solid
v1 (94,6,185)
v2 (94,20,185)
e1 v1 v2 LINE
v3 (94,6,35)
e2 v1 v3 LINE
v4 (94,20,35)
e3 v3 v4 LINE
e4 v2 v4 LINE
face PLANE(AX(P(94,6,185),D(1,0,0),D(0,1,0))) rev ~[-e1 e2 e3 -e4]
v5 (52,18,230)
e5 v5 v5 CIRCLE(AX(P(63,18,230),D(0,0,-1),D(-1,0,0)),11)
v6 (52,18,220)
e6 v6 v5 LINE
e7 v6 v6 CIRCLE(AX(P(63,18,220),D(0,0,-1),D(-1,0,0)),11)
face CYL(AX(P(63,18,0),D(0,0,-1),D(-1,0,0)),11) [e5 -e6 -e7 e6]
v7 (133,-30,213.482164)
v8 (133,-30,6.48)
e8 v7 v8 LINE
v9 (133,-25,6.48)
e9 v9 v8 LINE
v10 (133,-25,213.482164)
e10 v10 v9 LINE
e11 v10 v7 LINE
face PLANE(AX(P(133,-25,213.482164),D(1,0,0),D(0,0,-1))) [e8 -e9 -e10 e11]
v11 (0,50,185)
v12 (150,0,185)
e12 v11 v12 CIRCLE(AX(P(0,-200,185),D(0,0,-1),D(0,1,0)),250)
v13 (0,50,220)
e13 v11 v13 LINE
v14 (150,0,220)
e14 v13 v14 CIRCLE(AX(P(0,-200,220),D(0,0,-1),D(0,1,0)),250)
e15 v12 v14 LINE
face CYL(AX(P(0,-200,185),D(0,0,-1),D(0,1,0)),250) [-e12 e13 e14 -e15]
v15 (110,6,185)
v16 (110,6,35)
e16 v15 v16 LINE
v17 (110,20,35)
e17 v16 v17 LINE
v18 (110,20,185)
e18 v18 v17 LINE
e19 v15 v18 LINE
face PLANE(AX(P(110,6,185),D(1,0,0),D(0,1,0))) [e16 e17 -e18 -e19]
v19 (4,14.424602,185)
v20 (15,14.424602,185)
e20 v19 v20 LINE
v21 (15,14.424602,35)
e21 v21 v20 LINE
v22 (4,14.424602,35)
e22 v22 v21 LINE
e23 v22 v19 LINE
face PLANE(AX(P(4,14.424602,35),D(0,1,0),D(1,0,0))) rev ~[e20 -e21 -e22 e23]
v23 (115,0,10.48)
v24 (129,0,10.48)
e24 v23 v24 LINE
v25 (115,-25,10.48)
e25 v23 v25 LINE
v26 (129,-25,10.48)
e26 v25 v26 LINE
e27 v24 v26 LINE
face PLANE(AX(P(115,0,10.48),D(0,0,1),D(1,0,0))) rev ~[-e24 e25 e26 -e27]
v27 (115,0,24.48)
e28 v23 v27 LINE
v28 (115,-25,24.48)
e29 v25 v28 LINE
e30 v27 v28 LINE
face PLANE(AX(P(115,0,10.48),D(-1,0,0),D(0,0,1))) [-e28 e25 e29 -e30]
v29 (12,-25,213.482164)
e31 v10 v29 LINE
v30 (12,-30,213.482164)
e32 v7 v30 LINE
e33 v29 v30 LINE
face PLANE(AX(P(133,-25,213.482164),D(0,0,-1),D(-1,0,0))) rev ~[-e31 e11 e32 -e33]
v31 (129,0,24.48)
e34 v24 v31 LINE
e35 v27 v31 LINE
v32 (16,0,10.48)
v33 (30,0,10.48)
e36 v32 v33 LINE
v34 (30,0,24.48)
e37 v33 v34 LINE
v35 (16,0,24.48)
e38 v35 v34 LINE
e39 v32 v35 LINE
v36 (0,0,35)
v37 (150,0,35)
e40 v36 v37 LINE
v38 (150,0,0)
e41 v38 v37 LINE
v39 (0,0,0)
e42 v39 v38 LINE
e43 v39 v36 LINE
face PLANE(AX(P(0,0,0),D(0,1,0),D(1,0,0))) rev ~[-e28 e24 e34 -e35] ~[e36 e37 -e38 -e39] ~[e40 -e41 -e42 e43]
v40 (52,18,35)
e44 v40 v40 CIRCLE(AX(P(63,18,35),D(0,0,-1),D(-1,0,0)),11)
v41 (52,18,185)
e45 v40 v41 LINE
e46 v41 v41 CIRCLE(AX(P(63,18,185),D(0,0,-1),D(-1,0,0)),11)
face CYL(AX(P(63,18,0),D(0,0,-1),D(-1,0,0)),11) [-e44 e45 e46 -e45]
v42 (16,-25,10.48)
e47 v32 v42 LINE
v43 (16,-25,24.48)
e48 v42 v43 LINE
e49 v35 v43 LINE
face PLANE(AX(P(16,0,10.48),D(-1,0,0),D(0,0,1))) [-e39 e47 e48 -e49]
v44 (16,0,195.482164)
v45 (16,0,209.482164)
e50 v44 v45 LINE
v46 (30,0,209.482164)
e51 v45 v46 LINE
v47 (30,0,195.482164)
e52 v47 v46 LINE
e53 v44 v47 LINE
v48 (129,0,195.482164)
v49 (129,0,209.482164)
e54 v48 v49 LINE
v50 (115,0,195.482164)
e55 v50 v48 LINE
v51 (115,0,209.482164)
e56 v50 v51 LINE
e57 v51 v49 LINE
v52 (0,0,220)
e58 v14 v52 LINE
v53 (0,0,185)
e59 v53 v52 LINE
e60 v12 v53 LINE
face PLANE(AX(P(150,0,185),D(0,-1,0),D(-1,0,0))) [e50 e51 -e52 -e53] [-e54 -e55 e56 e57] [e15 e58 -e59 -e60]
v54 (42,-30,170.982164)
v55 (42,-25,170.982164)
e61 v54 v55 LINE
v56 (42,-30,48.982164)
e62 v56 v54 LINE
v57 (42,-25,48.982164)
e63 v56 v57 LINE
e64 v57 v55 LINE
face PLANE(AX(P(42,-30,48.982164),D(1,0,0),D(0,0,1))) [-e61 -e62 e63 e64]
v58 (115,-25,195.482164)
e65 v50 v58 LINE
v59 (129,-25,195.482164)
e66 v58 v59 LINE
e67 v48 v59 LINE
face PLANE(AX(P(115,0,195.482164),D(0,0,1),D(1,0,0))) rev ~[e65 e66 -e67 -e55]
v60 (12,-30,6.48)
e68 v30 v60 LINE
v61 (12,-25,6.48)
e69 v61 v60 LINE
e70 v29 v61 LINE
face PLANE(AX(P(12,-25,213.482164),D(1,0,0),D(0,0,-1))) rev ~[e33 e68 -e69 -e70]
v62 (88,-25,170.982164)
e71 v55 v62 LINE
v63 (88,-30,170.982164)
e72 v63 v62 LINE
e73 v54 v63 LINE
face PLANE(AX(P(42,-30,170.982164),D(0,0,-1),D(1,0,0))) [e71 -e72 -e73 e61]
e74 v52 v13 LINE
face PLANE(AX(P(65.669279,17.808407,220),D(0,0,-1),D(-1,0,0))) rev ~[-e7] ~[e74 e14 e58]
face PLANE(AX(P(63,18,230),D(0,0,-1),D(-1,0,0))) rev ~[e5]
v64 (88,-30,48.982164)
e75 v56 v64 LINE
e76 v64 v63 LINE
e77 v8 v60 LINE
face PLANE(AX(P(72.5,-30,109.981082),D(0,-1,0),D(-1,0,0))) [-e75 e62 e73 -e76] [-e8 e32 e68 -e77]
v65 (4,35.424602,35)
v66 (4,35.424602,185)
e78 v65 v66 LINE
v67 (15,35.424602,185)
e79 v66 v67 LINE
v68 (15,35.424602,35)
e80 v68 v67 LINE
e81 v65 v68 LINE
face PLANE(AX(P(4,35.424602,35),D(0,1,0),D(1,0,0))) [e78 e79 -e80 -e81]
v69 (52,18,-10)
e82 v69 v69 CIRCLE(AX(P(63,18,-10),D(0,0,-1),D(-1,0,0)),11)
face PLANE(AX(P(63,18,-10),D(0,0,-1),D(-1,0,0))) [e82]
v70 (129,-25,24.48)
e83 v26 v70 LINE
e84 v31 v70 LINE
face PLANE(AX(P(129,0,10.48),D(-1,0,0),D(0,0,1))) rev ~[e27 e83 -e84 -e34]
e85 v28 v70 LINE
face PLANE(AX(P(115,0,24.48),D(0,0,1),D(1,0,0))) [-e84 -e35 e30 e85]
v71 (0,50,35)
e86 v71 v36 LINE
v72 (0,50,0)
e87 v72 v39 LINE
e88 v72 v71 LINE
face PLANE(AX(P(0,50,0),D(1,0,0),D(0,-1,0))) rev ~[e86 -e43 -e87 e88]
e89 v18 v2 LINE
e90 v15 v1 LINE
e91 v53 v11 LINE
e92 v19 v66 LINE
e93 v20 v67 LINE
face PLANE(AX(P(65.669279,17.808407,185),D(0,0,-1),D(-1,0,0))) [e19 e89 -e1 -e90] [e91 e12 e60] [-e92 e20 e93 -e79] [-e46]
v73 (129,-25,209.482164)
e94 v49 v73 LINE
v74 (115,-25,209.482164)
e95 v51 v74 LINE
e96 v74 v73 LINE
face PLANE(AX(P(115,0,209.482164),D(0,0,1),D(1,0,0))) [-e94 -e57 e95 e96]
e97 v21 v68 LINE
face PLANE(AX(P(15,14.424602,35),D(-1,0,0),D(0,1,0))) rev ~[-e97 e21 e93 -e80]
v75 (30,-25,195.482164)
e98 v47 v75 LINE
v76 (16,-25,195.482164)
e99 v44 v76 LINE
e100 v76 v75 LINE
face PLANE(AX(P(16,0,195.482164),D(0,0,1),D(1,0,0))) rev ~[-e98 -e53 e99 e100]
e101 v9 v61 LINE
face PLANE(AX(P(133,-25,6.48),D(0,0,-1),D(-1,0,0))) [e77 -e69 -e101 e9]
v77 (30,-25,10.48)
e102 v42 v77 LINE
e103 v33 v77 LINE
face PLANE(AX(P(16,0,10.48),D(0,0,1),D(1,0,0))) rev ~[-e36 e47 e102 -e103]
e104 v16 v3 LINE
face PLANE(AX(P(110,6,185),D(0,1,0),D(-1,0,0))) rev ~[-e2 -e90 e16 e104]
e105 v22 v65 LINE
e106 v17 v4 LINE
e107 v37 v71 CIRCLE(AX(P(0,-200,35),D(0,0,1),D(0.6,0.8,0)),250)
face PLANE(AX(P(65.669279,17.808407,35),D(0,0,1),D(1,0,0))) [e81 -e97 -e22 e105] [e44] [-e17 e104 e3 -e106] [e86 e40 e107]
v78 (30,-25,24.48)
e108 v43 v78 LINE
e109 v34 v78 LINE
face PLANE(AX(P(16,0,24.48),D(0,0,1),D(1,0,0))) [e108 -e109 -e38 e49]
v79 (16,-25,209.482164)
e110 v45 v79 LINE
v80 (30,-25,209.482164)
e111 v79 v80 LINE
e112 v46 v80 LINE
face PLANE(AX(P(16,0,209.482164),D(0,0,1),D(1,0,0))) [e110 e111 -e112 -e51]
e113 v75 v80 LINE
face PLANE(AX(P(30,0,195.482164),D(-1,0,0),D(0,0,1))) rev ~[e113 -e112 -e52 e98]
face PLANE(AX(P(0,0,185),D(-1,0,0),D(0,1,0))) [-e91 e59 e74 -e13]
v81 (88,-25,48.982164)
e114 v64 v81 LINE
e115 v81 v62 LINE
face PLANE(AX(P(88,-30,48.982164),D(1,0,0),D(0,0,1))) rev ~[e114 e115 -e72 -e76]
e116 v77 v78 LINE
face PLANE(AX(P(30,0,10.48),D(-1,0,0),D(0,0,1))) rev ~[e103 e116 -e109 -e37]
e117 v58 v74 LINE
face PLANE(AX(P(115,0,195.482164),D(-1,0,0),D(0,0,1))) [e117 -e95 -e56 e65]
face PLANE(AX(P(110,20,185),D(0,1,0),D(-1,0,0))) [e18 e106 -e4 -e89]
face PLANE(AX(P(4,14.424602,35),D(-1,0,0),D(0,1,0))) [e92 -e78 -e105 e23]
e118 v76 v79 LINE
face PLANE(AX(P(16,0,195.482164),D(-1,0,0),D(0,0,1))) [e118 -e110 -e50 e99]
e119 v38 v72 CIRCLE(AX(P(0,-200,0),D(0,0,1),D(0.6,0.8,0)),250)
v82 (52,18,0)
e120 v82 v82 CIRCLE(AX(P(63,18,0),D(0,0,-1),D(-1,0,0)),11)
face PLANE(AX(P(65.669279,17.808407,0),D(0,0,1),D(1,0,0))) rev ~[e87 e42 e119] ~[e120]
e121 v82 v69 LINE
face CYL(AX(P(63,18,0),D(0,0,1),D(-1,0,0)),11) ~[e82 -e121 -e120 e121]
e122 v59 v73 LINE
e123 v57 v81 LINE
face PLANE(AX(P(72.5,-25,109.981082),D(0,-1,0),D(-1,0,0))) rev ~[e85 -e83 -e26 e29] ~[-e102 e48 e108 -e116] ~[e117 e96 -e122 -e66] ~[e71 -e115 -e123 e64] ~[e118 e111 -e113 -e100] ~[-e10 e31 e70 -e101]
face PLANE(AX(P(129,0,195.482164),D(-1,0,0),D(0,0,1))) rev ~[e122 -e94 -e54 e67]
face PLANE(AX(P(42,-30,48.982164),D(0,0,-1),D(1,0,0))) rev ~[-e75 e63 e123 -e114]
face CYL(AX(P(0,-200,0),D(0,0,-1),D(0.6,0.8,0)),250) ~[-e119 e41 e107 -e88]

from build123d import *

# Parameters (mm, degrees)
BOSS_EXTRUDE1_DEPTH      = 35
SKETCH2_W                = 11
SKETCH2_H                = 21
BOSS_EXTRUDE3_DEPTH      = 150
BOSS_EXTRUDE4_DEPTH      = 35
SKETCH4_W                = 16
SKETCH4_H                = 14
BOSS_EXTRUDE5_DEPTH      = 150
SKETCH5_W                = 14
SKETCH5_H                = 14
BOSS_EXTRUDE6_DEPTH      = 25
SKETCH6_W                = 121
SKETCH6_H                = 207.00216397
BOSS_EXTRUDE7_DEPTH      = 5
SKETCH7_R                = 11
BOSS_EXTRUDE8_DEPTH      = 10
BOSS_EXTRUDE8_DEPTH_BACK = 230
SKETCH8_W                = 46
SKETCH8_H                = 122
CUT_EXTRUDE1_DEPTH       = 5


with BuildPart() as part:
    # Sketch1 → Boss-Extrude1 (new body)
    with BuildSketch(Plane.XY):
        with BuildLine():
            Line((0, 0), (150, 0))
            ThreePointArc((150, 0), (79.056941504, 37.170824513), (0, 50))
            Line((0, 50), (0, 0))
        make_face()
    extrude(amount=BOSS_EXTRUDE1_DEPTH)

    # Sketch2 → Boss-Extrude3 (add)
    with BuildSketch(Plane.XY.offset(35)):
        with Locations((9.5, 24.924601572)):
            Rectangle(SKETCH2_W, SKETCH2_H)
    extrude(amount=BOSS_EXTRUDE3_DEPTH)

    # Sketch3 → Boss-Extrude4 (add)
    with BuildSketch(Plane.XY.offset(185)):
        with BuildLine():
            Line((150, 0), (0, 0))
            Line((0, 0), (0, 50))
            ThreePointArc((0, 50), (79.056941504, 37.170824513), (150, 0))
        make_face()
    extrude(amount=BOSS_EXTRUDE4_DEPTH)

    # Sketch4 → Boss-Extrude5 (add)
    with BuildSketch(Plane(origin=(0, 0, 185), x_dir=(-1, 0, 0), z_dir=(0, 0, -1))):
        with Locations((-102, 13)):
            Rectangle(SKETCH4_W, SKETCH4_H)
    extrude(amount=BOSS_EXTRUDE5_DEPTH)

    # Sketch5 → Boss-Extrude6 (add)
    with BuildSketch(Plane.XZ):
        with Locations((23, 202.48216397)):
            Rectangle(SKETCH5_W, SKETCH5_H)
        with Locations((23, 17.48)):
            Rectangle(SKETCH5_W, SKETCH5_H)
        with Locations((122, 202.48216397)):
            Rectangle(SKETCH5_W, SKETCH5_H)
        with Locations((122, 17.48)):
            Rectangle(SKETCH5_W, SKETCH5_H)
    extrude(amount=BOSS_EXTRUDE6_DEPTH)

    # Sketch6 → Boss-Extrude7 (add)
    with BuildSketch(Plane(origin=(0, -25, 0), x_dir=(-1, 0, 0), z_dir=(0, -1, 0))):
        with Locations((-72.5, -109.981081985)):
            Rectangle(SKETCH6_W, SKETCH6_H)
    extrude(amount=BOSS_EXTRUDE7_DEPTH)

    # Sketch7 → Boss-Extrude8 (add, two sides)
    with BuildSketch(Plane(origin=(0, 0, 0), x_dir=(-1, 0, 0), z_dir=(0, 0, -1))) as boss_extrude8_sk:
        with Locations((-63, 18)):
            Circle(SKETCH7_R)
    extrude(amount=BOSS_EXTRUDE8_DEPTH)
    extrude(boss_extrude8_sk.sketch, amount=-BOSS_EXTRUDE8_DEPTH_BACK)

    # Sketch8 → Cut-Extrude1 (cut)
    with BuildSketch(Plane.XZ.offset(30)):
        with Locations((65, 109.98216397)):
            Rectangle(SKETCH8_W, SKETCH8_H)
    extrude(amount=-CUT_EXTRUDE1_DEPTH, mode=Mode.SUBTRACT)


solid = part.part
